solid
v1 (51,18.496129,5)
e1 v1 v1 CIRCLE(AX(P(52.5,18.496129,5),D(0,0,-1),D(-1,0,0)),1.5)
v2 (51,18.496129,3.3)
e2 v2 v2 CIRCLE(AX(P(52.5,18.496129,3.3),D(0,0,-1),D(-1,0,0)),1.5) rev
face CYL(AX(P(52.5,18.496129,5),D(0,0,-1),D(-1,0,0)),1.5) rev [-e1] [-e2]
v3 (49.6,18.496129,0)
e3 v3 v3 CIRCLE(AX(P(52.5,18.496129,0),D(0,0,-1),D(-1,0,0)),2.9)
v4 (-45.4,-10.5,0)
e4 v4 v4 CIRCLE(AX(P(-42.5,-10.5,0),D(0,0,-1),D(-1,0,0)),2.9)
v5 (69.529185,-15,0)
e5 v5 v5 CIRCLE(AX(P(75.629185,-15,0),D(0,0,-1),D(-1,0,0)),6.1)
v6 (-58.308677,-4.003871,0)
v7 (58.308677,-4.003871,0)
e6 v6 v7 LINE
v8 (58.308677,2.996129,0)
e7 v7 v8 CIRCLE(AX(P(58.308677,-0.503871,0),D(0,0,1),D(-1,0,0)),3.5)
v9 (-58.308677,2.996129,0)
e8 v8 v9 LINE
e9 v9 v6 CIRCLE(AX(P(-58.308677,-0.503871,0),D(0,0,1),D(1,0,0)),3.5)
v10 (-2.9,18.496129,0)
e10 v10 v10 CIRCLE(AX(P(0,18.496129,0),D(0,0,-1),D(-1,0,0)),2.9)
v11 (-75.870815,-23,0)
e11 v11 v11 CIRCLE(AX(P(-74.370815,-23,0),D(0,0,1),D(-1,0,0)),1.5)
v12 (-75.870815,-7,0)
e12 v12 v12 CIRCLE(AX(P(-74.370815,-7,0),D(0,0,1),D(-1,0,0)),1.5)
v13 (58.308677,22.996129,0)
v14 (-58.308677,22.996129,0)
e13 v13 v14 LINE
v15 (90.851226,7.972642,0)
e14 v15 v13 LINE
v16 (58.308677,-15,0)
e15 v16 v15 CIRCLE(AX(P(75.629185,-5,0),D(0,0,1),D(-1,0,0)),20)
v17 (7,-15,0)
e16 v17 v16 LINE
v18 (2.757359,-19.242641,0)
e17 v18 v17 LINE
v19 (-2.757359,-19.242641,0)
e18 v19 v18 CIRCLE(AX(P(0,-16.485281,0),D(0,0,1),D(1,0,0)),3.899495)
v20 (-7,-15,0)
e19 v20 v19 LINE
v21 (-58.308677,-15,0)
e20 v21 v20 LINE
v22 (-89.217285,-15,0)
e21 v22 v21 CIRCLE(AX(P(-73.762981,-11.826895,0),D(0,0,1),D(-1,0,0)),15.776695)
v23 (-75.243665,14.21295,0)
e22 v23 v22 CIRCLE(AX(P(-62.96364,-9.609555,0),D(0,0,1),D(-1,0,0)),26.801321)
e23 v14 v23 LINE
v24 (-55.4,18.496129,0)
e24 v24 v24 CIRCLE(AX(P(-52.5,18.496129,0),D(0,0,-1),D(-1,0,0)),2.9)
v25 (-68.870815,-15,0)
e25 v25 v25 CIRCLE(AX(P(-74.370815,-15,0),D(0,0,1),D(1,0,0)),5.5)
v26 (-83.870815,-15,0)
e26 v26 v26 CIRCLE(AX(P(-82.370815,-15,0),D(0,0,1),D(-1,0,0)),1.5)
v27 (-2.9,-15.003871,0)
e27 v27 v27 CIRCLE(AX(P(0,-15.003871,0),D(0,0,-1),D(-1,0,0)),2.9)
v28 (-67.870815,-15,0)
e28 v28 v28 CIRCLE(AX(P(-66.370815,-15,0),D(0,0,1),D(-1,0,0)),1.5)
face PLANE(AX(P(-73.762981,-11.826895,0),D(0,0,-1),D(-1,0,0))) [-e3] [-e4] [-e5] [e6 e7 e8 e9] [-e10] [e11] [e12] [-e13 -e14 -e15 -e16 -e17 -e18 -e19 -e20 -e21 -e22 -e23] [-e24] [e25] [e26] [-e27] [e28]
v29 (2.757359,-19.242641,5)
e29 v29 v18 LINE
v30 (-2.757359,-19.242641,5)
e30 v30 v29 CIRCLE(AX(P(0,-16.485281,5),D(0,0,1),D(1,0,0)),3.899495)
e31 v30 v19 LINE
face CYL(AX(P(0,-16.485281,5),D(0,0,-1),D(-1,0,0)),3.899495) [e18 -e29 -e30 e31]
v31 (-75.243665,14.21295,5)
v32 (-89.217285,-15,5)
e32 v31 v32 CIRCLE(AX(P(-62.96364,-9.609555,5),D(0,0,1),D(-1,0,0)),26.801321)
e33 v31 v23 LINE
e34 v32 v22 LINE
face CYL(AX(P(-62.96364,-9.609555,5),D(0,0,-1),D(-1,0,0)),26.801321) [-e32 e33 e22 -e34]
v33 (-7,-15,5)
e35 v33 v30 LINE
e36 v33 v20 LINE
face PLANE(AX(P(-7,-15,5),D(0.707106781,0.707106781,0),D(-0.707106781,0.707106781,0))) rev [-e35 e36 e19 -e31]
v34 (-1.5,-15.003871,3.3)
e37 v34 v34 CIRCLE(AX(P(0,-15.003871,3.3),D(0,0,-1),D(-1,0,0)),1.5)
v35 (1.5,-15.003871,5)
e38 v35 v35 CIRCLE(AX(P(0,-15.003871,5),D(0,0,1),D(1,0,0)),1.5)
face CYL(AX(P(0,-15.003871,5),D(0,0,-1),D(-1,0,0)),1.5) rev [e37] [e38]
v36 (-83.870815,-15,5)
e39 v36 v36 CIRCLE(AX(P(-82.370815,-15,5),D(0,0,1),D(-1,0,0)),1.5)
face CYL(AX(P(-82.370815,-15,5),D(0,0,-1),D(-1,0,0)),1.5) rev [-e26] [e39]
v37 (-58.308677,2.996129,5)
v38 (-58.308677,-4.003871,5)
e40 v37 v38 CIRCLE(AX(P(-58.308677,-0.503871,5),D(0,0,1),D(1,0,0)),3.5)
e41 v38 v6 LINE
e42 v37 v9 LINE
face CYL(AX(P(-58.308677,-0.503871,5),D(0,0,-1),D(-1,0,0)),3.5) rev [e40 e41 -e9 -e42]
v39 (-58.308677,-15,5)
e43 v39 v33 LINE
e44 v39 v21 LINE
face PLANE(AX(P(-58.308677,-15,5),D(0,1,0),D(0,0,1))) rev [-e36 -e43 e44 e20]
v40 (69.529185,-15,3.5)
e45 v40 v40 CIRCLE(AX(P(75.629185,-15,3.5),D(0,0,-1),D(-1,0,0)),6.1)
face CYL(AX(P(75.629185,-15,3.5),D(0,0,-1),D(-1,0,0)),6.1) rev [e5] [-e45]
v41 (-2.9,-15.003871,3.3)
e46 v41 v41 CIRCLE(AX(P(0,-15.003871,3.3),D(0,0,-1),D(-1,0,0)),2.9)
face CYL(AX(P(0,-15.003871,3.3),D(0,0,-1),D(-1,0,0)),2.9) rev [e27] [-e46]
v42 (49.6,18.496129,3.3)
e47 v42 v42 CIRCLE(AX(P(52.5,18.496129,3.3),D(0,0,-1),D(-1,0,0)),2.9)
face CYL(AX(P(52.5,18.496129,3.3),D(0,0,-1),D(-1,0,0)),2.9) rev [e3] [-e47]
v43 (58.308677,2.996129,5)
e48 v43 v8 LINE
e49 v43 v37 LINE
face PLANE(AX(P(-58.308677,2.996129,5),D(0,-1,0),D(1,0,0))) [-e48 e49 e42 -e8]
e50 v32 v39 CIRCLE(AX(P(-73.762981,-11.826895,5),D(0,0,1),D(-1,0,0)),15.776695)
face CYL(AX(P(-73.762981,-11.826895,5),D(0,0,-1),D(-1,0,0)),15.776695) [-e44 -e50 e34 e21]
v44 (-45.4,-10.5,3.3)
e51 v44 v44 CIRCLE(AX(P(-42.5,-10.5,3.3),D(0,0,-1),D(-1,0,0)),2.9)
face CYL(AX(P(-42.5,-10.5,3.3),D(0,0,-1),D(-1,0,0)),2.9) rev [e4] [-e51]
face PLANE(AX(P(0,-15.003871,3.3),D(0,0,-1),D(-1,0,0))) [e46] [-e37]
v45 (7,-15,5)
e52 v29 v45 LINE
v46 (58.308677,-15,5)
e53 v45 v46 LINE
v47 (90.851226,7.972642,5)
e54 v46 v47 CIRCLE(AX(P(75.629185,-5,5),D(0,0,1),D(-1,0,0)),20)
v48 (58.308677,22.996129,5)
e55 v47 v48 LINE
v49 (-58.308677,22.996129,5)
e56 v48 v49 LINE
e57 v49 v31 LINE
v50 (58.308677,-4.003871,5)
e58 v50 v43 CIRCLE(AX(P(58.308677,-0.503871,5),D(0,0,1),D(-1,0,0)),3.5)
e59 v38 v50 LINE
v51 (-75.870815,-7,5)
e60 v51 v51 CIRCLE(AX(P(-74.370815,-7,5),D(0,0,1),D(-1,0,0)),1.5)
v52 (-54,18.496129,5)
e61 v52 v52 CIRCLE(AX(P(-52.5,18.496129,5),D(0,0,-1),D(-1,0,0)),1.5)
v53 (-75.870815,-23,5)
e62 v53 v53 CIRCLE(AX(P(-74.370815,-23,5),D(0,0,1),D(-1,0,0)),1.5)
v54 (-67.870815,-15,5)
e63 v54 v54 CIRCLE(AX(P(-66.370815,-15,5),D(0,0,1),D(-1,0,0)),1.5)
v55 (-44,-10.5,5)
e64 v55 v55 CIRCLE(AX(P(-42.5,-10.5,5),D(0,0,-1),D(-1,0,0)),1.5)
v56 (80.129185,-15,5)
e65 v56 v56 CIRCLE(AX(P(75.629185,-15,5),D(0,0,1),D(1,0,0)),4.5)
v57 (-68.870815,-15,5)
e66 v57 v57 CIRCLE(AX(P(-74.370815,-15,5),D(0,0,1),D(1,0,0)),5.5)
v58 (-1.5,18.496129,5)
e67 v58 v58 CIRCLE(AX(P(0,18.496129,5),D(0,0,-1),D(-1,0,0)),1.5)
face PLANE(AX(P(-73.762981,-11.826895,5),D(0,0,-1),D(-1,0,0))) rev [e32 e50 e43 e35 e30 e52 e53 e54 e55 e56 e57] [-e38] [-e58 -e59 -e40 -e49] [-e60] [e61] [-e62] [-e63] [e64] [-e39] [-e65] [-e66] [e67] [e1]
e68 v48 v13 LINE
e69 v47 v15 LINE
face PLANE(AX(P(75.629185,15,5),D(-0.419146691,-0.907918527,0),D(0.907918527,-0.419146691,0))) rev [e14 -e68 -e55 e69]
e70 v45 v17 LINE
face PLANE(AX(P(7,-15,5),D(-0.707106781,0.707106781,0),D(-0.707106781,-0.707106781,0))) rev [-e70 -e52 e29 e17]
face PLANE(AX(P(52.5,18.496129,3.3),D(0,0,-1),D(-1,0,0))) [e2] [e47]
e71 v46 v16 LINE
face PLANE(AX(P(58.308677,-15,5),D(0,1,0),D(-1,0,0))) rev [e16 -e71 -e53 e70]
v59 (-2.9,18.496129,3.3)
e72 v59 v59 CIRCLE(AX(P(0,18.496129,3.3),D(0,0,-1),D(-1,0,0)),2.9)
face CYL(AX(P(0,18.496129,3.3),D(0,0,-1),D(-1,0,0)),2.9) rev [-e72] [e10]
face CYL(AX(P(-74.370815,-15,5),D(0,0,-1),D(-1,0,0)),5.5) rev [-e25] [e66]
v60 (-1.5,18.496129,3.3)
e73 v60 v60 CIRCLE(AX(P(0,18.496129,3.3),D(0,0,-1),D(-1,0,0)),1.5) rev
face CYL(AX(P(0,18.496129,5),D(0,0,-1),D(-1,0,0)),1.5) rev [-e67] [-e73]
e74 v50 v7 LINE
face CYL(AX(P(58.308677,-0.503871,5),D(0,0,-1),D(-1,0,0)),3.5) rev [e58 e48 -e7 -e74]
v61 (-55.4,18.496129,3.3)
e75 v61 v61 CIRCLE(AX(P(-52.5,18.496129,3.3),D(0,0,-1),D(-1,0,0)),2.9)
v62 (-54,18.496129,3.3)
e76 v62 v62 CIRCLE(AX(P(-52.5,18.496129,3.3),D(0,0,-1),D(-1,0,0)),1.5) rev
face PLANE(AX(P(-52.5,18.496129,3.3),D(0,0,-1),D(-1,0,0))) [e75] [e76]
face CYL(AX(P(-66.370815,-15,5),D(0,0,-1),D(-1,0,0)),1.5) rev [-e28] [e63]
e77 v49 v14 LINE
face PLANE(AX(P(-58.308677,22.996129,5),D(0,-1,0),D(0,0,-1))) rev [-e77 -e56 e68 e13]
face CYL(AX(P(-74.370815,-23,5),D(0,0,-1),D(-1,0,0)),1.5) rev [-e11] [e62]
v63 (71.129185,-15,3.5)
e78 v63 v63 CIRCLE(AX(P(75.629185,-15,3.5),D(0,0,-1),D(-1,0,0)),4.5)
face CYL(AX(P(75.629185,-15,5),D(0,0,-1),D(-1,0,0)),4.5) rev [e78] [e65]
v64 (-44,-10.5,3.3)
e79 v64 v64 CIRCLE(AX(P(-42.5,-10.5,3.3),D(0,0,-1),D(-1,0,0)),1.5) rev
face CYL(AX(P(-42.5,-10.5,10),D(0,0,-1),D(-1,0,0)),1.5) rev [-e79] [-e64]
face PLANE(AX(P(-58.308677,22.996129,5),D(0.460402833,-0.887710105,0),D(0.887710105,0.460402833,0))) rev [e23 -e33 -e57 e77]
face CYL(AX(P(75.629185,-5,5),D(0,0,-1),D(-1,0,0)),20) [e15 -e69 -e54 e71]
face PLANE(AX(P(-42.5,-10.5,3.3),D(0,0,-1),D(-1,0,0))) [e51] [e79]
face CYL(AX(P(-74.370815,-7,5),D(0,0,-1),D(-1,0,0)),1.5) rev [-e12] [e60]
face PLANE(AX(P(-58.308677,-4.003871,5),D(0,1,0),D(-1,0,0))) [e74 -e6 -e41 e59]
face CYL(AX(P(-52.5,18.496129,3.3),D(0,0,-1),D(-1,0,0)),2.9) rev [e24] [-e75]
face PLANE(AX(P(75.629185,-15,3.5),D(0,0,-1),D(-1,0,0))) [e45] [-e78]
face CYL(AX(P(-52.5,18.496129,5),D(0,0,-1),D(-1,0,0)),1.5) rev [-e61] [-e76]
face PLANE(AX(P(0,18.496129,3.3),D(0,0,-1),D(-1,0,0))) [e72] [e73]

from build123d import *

# Parameters (mm, degrees)
SKETCH1_R           = 5.5
SKETCH1_R_2         = 1.5
SKETCH1_R_3         = 4.5
BOSS_EXTRUDE1_DEPTH = 5
SKETCH4_R           = 6.1
CUT_EXTRUDE1_DEPTH  = 3.5
SKETCH5_R           = 1.5
CUT_EXTRUDE2_DEPTH  = 5
SKETCH6_R           = 1.5
CUT_EXTRUDE3_DEPTH  = 10
SKETCH7_R           = 2.9
CUT_EXTRUDE4_DEPTH  = 3.3


with BuildPart() as part:
    # Sketch1 → Boss-Extrude1 (new body)
    with BuildSketch(Plane.XY):
        with BuildLine():
            Line((-58.308676511, 22.996128985), (58.308676511, 22.996128985))
            Line((58.308676511, 22.996128985), (75.629184587, 15))
            Line((75.629184587, 15), (90.85122644, 7.972642053))
            ThreePointArc((90.85122644, 7.972642053), (87.163327852, -21.339018917), (58.308676511, -15))
            Line((58.308676511, -15), (7, -15))
            Line((7, -15), (2.757359313, -19.242640687))
            ThreePointArc((2.757359313, -19.242640687), (0, -20.384776311), (-2.757359313, -19.242640687))
            Line((-2.757359313, -19.242640687), (-7, -15))
            Line((-7, -15), (-58.308676511, -15))
            ThreePointArc((-58.308676511, -15), (-73.76298075, -27.603590324), (-89.217284989, -15))
            ThreePointArc((-89.217284989, -15), (-87.141316573, 1.955509585), (-75.243665272, 14.212949924))
            Line((-75.243665272, 14.212949924), (-58.308676511, 22.996128985))
        make_face()
        with Locations((-74.370815413, -15)):
            Circle(SKETCH1_R, mode=Mode.SUBTRACT)
        with Locations(Location((-74.370815413, -7, 0), (0, 0, 180))):
            Circle(SKETCH1_R_2, mode=Mode.SUBTRACT)
        with Locations((75.629184587, -15)):
            Circle(SKETCH1_R_3, mode=Mode.SUBTRACT)
        with Locations((0, -15.003871015)):
            Circle(SKETCH1_R_2, mode=Mode.SUBTRACT)
        with Locations(Location((-66.370815413, -15, 0), (0, 0, 180))):
            Circle(SKETCH1_R_2, mode=Mode.SUBTRACT)
        with Locations(Location((-74.370815413, -23, 0), (0, 0, 180))):
            Circle(SKETCH1_R_2, mode=Mode.SUBTRACT)
        with Locations(Location((-82.370815413, -15, 0), (0, 0, 180))):
            Circle(SKETCH1_R_2, mode=Mode.SUBTRACT)
        with BuildLine():
            Line((-58.308676511, -4.003871015), (58.308676511, -4.003871015))
            ThreePointArc((58.308676511, -4.003871015), (61.808676511, -0.503871015), (58.308676511, 2.996128985))
            Line((58.308676511, 2.996128985), (-58.308676511, 2.996128985))
            ThreePointArc((-58.308676511, 2.996128985), (-61.808676511, -0.503871015), (-58.308676511, -4.003871015))
        make_face(mode=Mode.SUBTRACT)
    extrude(amount=BOSS_EXTRUDE1_DEPTH)

    # Sketch4 → Cut-Extrude1 (cut)
    with BuildSketch(Plane(origin=(0, 0, 0), x_dir=(-1, 0, 0), z_dir=(0, 0, -1))):
        with Locations((-75.629184587, -15)):
            Circle(SKETCH4_R)
    extrude(amount=-CUT_EXTRUDE1_DEPTH, mode=Mode.SUBTRACT)

    # Sketch5 → Cut-Extrude2 (cut)
    with BuildSketch(Plane(origin=(0, 0, 0), x_dir=(-1, 0, 0), z_dir=(0, 0, -1))):
        with Locations((0, 18.496128985)):
            Circle(SKETCH5_R)
        with Locations((52.5, 18.496128985)):
            Circle(SKETCH5_R)
        with Locations((-52.5, 18.496128985)):
            Circle(SKETCH5_R)
    extrude(amount=-CUT_EXTRUDE2_DEPTH, mode=Mode.SUBTRACT)

    # Sketch6 → Cut-Extrude3 (cut)
    with BuildSketch(Plane(origin=(0, 0, 0), x_dir=(-1, 0, 0), z_dir=(0, 0, -1))):
        with Locations((42.5, -10.5)):
            Circle(SKETCH6_R)
    extrude(amount=-CUT_EXTRUDE3_DEPTH, mode=Mode.SUBTRACT)

    # Sketch7 → Cut-Extrude4 (cut)
    with BuildSketch(Plane(origin=(0, 0, 0), x_dir=(-1, 0, 0), z_dir=(0, 0, -1))):
        with Locations((42.5, -10.5)):
            Circle(SKETCH7_R)
        with Locations((0, -15.003871015)):
            Circle(SKETCH7_R)
        with Locations((0, 18.496128985)):
            Circle(SKETCH7_R)
        with Locations((52.5, 18.496128985)):
            Circle(SKETCH7_R)
        with Locations((-52.5, 18.496128985)):
            Circle(SKETCH7_R)
    extrude(amount=-CUT_EXTRUDE4_DEPTH, mode=Mode.SUBTRACT)


solid = part.part
